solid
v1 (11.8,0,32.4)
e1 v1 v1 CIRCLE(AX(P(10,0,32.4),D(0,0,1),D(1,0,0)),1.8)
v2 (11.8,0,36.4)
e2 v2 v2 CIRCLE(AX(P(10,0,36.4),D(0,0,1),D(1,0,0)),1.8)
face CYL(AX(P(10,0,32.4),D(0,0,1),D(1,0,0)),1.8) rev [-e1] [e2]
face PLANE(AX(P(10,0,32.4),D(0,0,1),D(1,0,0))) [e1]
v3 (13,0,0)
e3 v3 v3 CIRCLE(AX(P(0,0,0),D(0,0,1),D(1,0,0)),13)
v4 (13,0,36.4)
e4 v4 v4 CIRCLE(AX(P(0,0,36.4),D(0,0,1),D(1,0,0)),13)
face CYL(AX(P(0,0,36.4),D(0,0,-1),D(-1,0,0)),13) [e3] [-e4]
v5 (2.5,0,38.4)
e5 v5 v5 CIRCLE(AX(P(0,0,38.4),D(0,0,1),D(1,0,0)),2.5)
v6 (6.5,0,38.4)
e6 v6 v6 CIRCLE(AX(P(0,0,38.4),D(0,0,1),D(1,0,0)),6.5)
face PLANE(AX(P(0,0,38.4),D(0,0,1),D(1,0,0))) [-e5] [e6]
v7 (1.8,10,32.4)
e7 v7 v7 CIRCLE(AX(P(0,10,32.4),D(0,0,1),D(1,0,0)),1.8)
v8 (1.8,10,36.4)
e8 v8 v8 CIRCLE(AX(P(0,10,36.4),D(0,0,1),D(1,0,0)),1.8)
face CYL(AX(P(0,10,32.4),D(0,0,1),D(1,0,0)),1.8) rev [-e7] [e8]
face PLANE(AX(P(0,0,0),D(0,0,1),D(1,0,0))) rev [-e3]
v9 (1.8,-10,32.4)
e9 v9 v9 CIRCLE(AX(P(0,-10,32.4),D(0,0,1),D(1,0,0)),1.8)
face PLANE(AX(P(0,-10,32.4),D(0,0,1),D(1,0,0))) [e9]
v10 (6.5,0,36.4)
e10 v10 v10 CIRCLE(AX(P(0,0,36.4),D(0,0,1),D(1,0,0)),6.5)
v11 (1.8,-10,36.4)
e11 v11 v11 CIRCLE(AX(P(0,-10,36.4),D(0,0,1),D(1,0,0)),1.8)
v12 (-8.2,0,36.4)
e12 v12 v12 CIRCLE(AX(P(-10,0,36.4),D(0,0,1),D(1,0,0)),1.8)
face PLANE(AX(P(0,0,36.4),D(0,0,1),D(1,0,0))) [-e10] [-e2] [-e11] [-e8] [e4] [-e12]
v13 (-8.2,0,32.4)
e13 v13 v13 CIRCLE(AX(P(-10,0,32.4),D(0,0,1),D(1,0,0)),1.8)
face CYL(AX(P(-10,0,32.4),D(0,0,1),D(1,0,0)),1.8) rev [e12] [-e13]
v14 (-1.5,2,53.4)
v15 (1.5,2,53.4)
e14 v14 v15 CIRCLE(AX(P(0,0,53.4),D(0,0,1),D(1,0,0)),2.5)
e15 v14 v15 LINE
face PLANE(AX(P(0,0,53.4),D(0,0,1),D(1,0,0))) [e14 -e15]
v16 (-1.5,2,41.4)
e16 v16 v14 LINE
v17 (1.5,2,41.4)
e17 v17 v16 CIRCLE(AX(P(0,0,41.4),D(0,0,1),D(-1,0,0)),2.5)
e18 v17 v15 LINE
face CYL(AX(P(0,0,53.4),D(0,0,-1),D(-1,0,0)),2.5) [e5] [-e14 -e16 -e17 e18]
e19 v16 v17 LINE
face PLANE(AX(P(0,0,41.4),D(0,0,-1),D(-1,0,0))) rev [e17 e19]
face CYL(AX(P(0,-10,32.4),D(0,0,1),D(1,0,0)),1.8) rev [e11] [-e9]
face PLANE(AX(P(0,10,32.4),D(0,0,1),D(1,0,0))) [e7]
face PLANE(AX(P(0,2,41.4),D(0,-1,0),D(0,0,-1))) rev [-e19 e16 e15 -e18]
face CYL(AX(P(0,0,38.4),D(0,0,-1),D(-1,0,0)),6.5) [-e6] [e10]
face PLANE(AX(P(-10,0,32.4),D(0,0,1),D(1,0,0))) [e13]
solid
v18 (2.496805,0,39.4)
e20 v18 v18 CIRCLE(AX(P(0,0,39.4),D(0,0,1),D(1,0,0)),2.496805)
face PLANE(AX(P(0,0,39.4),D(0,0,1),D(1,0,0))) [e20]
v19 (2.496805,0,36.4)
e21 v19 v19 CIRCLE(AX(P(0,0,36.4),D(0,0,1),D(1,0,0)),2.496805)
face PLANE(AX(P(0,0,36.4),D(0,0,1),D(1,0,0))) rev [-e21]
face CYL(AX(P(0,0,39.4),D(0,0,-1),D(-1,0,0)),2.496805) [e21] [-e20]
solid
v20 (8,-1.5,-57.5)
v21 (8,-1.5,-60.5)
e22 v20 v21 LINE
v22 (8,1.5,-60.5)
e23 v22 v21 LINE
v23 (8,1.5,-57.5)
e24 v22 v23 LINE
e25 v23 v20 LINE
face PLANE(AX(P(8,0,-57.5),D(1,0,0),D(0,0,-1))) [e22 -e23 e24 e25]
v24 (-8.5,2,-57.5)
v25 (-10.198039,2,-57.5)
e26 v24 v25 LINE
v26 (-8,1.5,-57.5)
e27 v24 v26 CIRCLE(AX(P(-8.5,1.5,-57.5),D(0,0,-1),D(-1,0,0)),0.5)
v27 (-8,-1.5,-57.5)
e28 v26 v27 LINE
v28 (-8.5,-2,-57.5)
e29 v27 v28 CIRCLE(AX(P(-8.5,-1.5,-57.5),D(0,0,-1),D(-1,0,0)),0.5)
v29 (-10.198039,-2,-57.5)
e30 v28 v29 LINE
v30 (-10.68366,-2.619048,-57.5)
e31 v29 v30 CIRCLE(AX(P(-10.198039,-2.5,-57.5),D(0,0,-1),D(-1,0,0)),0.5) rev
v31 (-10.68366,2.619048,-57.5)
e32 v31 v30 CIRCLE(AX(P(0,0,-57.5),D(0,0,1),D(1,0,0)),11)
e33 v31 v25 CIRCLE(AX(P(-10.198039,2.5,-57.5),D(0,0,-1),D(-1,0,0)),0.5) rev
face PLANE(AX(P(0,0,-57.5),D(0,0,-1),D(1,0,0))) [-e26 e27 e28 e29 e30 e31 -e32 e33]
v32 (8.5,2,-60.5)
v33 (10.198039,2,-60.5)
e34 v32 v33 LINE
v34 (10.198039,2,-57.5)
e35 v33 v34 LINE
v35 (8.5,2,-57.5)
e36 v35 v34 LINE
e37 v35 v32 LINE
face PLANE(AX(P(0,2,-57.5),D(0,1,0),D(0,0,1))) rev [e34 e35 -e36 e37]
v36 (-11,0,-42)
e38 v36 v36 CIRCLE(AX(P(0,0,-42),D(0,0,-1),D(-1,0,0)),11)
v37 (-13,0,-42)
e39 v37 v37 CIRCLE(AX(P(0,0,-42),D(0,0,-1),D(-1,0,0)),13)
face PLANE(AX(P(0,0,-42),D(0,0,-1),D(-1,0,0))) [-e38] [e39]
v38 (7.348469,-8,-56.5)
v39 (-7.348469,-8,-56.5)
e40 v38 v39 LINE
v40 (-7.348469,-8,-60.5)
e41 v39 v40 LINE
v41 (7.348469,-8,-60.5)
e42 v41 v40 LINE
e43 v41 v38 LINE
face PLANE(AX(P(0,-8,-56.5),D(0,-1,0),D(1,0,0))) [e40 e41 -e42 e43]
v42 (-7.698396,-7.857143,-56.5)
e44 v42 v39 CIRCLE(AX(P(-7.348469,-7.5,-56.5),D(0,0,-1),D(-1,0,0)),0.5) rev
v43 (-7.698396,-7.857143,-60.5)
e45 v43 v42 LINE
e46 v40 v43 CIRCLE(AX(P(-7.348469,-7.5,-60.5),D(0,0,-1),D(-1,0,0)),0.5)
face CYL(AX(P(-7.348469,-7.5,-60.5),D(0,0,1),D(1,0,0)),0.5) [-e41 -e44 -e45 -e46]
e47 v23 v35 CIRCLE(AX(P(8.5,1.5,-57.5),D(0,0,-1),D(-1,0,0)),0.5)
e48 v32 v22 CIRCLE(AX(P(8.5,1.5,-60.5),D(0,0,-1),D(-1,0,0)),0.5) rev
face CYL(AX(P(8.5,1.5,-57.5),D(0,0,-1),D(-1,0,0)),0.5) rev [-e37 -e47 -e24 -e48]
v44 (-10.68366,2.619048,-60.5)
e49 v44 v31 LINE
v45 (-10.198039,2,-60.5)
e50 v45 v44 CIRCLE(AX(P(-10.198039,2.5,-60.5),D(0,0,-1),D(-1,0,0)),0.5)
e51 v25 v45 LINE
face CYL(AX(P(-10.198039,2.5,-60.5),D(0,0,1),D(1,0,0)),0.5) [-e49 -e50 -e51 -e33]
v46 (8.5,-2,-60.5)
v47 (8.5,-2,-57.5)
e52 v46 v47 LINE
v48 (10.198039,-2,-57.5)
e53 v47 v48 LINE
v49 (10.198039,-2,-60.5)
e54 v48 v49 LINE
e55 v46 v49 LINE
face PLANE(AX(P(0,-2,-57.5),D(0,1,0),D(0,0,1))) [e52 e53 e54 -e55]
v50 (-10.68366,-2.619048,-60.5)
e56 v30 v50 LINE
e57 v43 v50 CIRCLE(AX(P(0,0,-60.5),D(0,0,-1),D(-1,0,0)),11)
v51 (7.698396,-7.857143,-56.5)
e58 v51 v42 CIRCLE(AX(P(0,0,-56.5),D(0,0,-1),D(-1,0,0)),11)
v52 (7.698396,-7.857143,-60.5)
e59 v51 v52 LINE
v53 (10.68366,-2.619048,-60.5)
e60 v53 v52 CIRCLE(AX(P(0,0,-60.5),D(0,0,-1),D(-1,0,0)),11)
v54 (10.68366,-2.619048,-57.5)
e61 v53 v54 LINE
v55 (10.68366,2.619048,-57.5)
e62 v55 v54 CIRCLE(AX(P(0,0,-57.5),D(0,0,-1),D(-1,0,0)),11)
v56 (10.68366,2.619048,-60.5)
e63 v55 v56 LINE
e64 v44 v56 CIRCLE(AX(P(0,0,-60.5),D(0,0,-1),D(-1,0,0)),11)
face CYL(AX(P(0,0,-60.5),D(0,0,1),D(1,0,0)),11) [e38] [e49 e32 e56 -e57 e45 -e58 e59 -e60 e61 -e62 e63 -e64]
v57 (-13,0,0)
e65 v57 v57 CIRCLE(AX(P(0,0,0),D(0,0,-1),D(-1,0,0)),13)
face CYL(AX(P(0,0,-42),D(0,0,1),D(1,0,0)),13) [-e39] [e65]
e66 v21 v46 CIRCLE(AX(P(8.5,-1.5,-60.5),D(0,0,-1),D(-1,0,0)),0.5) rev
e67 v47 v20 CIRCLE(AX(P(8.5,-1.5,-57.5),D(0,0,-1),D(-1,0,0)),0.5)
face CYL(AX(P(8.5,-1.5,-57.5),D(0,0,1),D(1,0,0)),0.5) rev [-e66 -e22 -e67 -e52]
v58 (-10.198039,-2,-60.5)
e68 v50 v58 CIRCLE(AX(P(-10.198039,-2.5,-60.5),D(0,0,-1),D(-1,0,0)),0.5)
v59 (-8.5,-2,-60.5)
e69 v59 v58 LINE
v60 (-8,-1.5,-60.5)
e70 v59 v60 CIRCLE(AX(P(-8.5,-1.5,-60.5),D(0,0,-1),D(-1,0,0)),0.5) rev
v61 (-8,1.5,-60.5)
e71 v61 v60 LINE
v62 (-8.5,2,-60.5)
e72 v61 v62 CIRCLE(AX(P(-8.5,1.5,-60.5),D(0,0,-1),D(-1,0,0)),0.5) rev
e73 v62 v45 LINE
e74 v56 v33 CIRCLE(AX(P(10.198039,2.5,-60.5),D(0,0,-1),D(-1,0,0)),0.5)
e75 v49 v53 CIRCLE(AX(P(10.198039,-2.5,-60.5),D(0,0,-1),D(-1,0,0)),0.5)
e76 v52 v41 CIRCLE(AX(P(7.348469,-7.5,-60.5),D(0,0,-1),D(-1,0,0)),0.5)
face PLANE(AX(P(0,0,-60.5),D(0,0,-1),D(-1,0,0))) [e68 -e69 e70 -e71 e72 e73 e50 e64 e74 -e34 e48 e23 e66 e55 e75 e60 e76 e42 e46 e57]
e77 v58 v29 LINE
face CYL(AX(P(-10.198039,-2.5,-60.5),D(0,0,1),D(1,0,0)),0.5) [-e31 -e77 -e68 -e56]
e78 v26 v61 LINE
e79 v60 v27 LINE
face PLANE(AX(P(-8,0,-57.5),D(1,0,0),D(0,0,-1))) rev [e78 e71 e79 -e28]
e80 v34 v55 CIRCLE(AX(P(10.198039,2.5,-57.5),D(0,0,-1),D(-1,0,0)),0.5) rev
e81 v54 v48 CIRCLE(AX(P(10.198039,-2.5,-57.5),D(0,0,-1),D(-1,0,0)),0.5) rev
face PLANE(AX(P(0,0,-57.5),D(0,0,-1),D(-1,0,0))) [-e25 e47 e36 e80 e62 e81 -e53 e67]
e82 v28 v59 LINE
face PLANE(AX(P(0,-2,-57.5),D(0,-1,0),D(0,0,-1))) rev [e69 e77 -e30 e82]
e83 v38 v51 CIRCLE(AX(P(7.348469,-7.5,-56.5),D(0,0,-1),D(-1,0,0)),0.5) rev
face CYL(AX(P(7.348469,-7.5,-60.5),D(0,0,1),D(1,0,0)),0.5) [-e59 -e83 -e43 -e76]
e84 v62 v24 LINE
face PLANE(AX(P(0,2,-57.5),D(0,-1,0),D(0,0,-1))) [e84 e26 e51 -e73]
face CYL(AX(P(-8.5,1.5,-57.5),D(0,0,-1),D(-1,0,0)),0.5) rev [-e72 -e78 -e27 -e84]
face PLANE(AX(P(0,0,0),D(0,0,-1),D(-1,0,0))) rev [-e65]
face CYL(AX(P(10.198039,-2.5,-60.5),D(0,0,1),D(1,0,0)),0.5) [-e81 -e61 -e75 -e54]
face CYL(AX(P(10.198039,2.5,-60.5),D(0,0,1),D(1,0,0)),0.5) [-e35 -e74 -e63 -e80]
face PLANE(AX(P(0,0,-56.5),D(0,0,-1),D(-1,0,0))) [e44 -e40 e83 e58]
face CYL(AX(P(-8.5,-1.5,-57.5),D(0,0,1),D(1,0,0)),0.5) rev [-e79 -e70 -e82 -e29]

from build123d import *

# Parameters (mm, degrees)
ESQUISSE1_R                = 13
BOSS_EXTRU_REDUCTEUR_DEPTH = 36.4
ESQUISSE2_R                = 2.5
BOSS_EXTRU_ARBRE_DEPTH     = 17
ESQUISSE4_R                = 6.5
ESQUISSE4_R_2              = 2.5
BOSS_EXTRU_3_DEPTH         = 2
ESQUISSE5_R                = 1.8
ENL_V_MAT_EXTRU_2_DEPTH    = 4
ENL_V_START                = -12
ENL_V_MAT_EXTRU_3_DEPTH    = 12
ESQUISSE7_R                = 2.496805343
BOSS_EXTRU_4_DEPTH         = 3
ESQUISSE9_R                = 13
BOSS_EXTRU_5_DEPTH         = 42
ESQUISSE10_R               = 11
BOSS_EXTRU_6_DEPTH         = 18.5
ENL_V_MAT_EXTRU_5_DEPTH    = 4
ENL_V_MAT_EXTRU_6_DEPTH    = 3
CONG_1_R                   = 0.5


with BuildPart() as part:
    # Esquisse1 → Boss.-Extru. Reducteur (new body)
    with BuildSketch(Plane.XY):
        Circle(ESQUISSE1_R)
    extrude(amount=BOSS_EXTRU_REDUCTEUR_DEPTH)

    # Esquisse2 → Boss.-Extru. Arbre (add)
    with BuildSketch(Plane.XY.offset(36.4)):
        Circle(ESQUISSE2_R)
    extrude(amount=BOSS_EXTRU_ARBRE_DEPTH)

    # Esquisse4 → Boss.-Extru.3 (add)
    with BuildSketch(Plane.XY.offset(36.4)):
        Circle(ESQUISSE4_R)
        Circle(ESQUISSE4_R_2, mode=Mode.SUBTRACT)
    extrude(amount=BOSS_EXTRU_3_DEPTH)

    # Esquisse5 → Enl_v. mat.-Extru.2 (cut)
    with BuildSketch(Plane.XY.offset(36.4)):
        with Locations((0, 10)):
            Circle(ESQUISSE5_R)
        with Locations((-10, 0)):
            Circle(ESQUISSE5_R)
        with Locations((0, -10)):
            Circle(ESQUISSE5_R)
        with Locations((10, 0)):
            Circle(ESQUISSE5_R)
    extrude(amount=-ENL_V_MAT_EXTRU_2_DEPTH, mode=Mode.SUBTRACT)

    # Esquisse6 → Enl_v. mat.-Extru.3 (cut)
    with BuildSketch(Plane.XY.offset(53.4).offset(ENL_V_START)):
        with BuildLine():
            Line((0, 2), (1.5, 2))
            ThreePointArc((1.5, 2), (0, 2.5), (-1.5, 2))
            Line((-1.5, 2), (0, 2))
        make_face()
    extrude(amount=ENL_V_MAT_EXTRU_3_DEPTH, mode=Mode.SUBTRACT)


with BuildPart() as body_2:
    # Esquisse7 → Boss.-Extru.4 (new body)
    with BuildSketch(Plane.XY.offset(36.4)):
        Circle(ESQUISSE7_R)
    extrude(amount=BOSS_EXTRU_4_DEPTH)


with BuildPart() as body_3:
    # Esquisse9 → Boss.-Extru.5 (new body)
    with BuildSketch(Plane(origin=(0, 0, 0), x_dir=(-1, 0, 0), z_dir=(0, 0, -1))):
        Circle(ESQUISSE9_R)
    extrude(amount=BOSS_EXTRU_5_DEPTH)

    # Esquisse10 → Boss.-Extru.6 (add)
    with BuildSketch(Plane(origin=(0, 0, -42), x_dir=(-1, 0, 0), z_dir=(0, 0, -1))):
        Circle(ESQUISSE10_R)
    extrude(amount=BOSS_EXTRU_6_DEPTH)

    # Esquisse12 → Enl_v. mat.-Extru.5 (cut)
    with BuildSketch(Plane(origin=(0, 0, -60.5), x_dir=(-1, 0, 0), z_dir=(0, 0, -1))):
        with BuildLine():
            Line((7.549834435, -8), (0, -8))
            Line((0, -8), (-7.549834435, -8))
            ThreePointArc((-7.549834435, -8), (0, -11), (7.549834435, -8))
        make_face()
    extrude(amount=-ENL_V_MAT_EXTRU_5_DEPTH, mode=Mode.SUBTRACT)

    # Esquisse12_4 → Enl_v. mat.-Extru.6 (cut)
    with BuildSketch(Plane(origin=(0, 0, -60.5), x_dir=(-1, 0, 0), z_dir=(0, 0, -1))):
        with BuildLine():
            ThreePointArc((-10.816653826, 2), (-11, 0), (-10.816653826, -2))
            Line((-10.816653826, -2), (-8, -2))
            Line((-8, -2), (-8, 0))
            Line((-8, 0), (-8, 2))
            Line((-8, 2), (-10.816653826, 2))
        make_face()
    enl_v_mat_extru_6 = extrude(amount=-ENL_V_MAT_EXTRU_6_DEPTH, mode=Mode.SUBTRACT)

    # Sym_trie1: Enl_v. mat.-Extru.6 across plane
    add(enl_v_mat_extru_6.mirror(Plane(origin=(0, 0, 0), x_dir=(0, 0, 1), z_dir=(1, 0, 0))), mode=Mode.SUBTRACT)

    # Cong_1
    cong_1_edges = [body_3.edges().sort_by_distance(p)[0] for p in [
        (7.549834435, -8, -58.5),
        (-7.549834435, -8, -58.5),
        (-10.816653826, 2, -59),
        (-10.816653826, -2, -59),
        (-8, 2, -59),
        (-8, -2, -59),
        (8, -2, -59),
        (8, 2, -59),
        (10.816653826, -2, -59),
        (10.816653826, 2, -59),
    ]]
    fillet(cong_1_edges, radius=CONG_1_R)


solid = Compound([part.part, body_2.part, body_3.part])
